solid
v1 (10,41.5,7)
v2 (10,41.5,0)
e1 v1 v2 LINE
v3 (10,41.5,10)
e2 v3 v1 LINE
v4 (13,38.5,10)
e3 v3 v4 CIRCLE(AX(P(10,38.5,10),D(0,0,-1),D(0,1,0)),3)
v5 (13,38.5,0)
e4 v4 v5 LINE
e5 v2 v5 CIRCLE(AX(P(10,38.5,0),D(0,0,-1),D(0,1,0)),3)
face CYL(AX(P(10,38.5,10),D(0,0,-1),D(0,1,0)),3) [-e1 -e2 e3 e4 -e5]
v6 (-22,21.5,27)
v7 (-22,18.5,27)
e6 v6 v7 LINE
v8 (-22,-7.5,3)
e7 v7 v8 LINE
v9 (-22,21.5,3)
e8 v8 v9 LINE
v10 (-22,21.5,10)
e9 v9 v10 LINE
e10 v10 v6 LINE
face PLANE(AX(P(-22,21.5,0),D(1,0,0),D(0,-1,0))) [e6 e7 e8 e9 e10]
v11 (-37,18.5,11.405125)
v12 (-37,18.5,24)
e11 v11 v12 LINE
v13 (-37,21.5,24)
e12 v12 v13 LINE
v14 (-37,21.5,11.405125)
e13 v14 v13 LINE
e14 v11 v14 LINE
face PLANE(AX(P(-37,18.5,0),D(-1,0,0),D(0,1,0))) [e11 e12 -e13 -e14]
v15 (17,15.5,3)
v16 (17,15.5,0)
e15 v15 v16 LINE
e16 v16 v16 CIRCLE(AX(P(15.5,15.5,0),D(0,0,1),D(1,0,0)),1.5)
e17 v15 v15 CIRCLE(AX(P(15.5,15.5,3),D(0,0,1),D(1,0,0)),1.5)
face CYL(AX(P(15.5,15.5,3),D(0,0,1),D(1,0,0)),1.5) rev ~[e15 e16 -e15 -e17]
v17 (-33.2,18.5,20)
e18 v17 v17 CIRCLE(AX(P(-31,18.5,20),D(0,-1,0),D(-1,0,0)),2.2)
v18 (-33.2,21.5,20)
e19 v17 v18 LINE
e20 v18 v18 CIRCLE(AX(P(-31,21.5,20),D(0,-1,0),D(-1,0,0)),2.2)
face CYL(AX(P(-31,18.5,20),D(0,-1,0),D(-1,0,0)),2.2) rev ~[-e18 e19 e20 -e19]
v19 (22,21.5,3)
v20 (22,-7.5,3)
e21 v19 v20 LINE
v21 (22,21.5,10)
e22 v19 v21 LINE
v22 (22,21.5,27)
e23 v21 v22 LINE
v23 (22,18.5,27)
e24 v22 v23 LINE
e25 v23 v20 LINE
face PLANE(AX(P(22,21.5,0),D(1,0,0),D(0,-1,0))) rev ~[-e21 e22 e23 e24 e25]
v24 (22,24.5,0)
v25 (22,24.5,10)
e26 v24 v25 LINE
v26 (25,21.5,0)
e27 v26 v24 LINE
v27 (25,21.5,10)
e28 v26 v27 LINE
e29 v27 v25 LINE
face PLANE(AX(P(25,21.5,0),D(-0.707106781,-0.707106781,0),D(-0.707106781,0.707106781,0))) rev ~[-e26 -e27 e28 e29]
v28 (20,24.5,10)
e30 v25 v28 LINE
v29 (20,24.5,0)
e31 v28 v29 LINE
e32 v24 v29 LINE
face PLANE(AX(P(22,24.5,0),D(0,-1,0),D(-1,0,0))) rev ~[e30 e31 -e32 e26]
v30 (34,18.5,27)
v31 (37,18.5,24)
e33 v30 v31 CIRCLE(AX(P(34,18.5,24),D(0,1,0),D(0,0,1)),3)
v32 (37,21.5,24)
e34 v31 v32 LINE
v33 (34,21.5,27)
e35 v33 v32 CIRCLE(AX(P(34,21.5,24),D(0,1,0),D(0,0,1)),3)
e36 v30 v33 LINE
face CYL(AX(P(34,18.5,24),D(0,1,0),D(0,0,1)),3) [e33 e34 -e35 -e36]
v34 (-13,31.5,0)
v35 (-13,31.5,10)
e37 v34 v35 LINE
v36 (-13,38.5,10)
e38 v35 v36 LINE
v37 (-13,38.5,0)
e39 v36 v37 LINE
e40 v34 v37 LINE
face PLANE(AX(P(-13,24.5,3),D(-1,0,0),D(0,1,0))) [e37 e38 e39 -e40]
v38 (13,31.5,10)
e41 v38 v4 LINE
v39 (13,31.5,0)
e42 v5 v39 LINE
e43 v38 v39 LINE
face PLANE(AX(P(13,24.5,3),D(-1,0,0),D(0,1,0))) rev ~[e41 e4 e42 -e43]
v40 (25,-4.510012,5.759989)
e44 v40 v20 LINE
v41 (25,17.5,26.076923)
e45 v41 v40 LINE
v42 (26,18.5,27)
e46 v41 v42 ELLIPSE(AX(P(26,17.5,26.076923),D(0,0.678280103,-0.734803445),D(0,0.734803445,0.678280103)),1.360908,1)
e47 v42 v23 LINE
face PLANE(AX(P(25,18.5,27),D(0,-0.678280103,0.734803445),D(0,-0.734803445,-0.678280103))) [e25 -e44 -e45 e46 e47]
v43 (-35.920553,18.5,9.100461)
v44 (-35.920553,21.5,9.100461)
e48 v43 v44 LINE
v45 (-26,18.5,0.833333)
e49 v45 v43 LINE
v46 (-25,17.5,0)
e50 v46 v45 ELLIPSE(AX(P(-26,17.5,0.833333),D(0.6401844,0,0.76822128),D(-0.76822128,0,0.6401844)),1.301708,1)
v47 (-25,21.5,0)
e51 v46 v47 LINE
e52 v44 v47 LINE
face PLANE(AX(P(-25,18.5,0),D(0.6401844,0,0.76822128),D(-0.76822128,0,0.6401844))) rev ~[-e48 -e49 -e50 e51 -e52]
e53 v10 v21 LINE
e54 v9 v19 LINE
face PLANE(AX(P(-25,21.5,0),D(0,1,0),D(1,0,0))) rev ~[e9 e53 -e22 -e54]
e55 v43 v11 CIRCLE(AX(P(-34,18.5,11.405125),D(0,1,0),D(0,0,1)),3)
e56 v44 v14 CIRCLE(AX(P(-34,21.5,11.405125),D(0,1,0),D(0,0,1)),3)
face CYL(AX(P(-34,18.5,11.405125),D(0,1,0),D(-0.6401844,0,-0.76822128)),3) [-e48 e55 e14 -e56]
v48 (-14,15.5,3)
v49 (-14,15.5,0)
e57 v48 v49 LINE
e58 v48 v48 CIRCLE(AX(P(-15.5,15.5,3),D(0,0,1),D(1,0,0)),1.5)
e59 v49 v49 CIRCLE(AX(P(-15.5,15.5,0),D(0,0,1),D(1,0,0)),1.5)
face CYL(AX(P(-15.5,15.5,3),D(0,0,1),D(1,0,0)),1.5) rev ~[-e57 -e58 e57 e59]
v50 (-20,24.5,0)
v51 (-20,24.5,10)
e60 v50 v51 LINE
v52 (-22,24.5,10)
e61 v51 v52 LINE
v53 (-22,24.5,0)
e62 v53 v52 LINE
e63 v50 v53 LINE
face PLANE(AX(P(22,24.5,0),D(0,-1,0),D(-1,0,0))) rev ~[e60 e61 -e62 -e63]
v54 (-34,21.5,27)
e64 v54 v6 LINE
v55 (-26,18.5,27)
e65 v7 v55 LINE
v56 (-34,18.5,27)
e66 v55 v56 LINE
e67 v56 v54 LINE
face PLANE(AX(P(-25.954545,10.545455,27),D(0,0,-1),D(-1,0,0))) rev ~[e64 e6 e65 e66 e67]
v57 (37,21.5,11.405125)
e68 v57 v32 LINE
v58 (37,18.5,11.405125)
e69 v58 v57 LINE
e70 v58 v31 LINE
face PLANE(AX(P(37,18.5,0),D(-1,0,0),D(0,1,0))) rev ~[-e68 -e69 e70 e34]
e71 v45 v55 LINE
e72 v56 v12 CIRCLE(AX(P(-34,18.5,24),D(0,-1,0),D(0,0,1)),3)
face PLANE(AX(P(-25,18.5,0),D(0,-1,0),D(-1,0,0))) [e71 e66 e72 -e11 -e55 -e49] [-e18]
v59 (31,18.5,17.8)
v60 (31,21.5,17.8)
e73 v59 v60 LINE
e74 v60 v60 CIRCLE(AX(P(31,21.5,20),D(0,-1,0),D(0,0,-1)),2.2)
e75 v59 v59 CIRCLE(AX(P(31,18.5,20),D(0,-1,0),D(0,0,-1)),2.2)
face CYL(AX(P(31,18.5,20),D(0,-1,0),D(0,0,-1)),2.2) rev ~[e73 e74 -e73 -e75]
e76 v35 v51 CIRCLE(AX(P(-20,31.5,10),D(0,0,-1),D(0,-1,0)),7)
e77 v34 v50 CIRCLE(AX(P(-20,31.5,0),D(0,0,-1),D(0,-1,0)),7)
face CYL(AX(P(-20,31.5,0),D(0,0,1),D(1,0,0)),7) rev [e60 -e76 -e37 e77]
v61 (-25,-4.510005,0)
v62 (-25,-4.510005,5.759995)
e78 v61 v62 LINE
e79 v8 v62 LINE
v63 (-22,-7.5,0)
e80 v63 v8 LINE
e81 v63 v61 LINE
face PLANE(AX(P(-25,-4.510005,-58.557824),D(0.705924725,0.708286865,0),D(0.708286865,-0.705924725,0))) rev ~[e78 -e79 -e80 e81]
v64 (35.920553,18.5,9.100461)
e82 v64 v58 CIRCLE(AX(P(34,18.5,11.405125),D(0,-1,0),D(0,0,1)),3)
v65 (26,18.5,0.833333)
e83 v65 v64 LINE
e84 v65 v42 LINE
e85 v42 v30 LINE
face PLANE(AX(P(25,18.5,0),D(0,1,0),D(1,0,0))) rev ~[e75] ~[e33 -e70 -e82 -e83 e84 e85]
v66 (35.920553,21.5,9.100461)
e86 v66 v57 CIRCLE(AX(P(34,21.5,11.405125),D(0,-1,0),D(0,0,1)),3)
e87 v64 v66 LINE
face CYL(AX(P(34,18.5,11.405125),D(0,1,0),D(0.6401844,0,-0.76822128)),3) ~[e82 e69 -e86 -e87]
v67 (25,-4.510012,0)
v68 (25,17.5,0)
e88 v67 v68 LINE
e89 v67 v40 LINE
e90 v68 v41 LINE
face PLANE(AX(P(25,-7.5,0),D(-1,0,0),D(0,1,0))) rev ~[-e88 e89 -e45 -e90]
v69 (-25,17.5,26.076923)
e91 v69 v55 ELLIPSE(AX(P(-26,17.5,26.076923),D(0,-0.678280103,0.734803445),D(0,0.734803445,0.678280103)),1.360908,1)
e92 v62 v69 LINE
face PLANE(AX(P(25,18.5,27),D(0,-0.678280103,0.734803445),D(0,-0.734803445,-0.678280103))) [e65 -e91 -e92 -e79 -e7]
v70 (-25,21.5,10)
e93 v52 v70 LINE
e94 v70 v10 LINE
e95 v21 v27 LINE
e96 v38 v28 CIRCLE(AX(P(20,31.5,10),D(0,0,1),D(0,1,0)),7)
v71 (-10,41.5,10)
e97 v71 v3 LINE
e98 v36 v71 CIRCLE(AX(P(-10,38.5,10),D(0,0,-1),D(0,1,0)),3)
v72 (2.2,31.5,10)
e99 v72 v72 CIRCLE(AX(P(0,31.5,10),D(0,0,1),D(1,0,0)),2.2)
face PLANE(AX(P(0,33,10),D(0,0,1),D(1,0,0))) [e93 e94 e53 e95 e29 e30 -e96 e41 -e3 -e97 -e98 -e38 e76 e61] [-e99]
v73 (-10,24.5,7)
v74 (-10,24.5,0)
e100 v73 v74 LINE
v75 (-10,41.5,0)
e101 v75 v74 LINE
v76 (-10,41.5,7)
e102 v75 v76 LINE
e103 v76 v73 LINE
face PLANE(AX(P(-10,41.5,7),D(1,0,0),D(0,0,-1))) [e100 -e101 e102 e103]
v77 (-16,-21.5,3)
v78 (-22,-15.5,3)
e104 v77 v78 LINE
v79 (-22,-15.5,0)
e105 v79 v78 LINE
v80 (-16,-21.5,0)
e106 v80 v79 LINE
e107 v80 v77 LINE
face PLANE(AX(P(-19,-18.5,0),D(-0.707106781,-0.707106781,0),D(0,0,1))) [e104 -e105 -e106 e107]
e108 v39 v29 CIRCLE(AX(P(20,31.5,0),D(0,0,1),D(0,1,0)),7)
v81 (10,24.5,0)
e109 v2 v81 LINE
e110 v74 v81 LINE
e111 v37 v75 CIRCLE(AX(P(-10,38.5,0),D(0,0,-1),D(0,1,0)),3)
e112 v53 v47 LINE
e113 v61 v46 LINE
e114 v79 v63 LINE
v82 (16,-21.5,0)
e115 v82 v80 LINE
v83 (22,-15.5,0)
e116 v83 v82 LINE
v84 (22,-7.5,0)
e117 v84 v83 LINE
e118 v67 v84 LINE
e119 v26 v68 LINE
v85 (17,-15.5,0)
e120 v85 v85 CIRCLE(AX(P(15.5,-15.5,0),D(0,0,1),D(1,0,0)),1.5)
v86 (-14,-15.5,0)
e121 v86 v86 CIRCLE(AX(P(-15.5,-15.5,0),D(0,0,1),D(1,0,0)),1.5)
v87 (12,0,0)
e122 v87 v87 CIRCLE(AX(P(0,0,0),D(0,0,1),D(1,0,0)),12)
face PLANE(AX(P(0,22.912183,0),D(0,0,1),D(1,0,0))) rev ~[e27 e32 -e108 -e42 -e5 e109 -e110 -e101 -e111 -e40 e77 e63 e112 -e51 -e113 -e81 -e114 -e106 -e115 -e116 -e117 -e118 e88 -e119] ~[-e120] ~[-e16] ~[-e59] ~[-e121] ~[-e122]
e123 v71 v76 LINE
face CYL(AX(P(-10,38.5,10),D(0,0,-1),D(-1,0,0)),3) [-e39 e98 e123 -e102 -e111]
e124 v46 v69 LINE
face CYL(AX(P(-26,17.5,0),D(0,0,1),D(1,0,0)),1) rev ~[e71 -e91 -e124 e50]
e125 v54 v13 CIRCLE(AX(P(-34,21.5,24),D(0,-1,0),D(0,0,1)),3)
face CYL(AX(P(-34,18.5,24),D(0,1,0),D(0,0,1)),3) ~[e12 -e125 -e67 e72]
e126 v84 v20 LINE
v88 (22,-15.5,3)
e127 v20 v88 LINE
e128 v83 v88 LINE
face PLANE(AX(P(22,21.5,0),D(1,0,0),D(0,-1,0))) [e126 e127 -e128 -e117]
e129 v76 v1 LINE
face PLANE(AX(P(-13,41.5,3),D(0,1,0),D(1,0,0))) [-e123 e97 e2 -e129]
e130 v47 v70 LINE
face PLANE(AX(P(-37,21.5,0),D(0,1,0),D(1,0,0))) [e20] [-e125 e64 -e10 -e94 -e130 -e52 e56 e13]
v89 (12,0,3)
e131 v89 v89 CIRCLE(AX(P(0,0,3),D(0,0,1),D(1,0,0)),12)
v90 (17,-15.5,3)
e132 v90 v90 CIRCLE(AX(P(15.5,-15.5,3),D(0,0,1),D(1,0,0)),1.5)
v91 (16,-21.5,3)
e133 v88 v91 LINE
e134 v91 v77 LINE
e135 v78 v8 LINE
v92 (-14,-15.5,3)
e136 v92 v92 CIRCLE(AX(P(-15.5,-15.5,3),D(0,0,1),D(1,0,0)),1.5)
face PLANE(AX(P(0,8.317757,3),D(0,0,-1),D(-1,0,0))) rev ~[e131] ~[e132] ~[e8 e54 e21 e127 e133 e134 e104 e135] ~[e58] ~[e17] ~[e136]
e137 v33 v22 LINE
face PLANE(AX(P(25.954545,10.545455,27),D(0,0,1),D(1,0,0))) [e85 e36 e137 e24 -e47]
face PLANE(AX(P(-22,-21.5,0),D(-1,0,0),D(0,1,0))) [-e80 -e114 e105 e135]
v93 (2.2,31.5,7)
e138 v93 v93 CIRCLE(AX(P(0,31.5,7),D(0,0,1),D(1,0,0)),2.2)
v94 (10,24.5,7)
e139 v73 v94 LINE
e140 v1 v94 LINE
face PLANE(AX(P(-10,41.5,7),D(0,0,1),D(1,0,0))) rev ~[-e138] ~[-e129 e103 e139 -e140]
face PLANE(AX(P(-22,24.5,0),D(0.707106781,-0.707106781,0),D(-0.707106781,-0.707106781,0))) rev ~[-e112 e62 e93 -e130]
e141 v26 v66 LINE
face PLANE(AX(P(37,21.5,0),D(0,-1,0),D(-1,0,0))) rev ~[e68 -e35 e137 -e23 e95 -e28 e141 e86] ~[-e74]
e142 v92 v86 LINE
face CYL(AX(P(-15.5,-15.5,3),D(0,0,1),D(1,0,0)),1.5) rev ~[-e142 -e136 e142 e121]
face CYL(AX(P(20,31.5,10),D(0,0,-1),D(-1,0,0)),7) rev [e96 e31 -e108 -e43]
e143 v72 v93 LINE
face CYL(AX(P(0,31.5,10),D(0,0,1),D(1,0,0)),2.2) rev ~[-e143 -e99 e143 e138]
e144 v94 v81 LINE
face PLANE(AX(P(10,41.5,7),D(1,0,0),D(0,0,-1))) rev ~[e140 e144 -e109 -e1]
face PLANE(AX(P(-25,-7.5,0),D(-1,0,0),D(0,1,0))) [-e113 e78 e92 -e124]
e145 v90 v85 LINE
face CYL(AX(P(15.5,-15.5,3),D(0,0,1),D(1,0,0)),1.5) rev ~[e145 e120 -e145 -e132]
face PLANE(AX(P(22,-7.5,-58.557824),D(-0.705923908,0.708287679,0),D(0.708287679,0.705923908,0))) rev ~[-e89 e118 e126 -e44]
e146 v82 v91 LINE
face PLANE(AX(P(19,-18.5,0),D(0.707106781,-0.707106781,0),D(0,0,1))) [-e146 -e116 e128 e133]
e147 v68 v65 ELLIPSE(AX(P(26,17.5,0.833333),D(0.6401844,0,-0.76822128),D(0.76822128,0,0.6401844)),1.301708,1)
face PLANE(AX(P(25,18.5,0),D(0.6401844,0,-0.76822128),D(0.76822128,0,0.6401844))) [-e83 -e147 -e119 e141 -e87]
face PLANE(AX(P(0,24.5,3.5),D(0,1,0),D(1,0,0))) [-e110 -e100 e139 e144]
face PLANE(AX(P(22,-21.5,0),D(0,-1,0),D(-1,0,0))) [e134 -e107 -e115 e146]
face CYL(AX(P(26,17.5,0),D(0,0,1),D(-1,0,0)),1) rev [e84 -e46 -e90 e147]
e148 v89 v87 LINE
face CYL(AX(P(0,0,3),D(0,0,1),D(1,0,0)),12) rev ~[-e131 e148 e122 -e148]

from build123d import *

# Parameters (mm, degrees)
BOSS_EXTRUDE1_DEPTH     = 3
BOSS_EXTRUDE2_DEPTH     = 27
BOSS_EXTRUDE2_2_DEPTH   = 27
BOSS_EXTRUDE3_DEPTH     = 10
SKETCH4_W               = 26
SKETCH4_H               = 17
BOSS_EXTRUDE4_DEPTH     = 7
CUT_EXTRUDE1_DEPTH      = 80.342611502
SKETCH6_R               = 2.2
CUT_EXTRUDE2_DEPTH      = 61.811183182
SKETCH7_W               = 20
SKETCH7_H               = 7
CUT_EXTRUDE3_DEPTH      = 17
SKETCH8_R               = 12
SKETCH8_R_2             = 1.5
CUT_EXTRUDE4_DEPTH      = 61.557823607
SKETCH9_R               = 2.2
CUT_EXTRUDE5_DEPTH      = 59.139917441
FILLET1_R               = 7
FILLET2_R               = 3
CHAMFER1_SIZE           = 6
CUT_EXTRUDE6_DEPTH      = 61.557823607
CUT_EXTRUDE6_DEPTH_BACK = 61.557823607
FILLET3_R               = 1


with BuildPart() as part:
    # Sketch1 → Boss-Extrude1 (new body)
    with BuildSketch(Plane.XY):
        Polygon((-13, 21.5), (-13, 41.5), (13, 41.5), (13, 21.5), (22, 21.5), (22, -21.5), (-22, -21.5), (-22, 21.5), align=None)
    extrude(amount=BOSS_EXTRUDE1_DEPTH)



with BuildPart() as body_2:
    # Sketch2 → Boss-Extrude2 (new body)
    with BuildSketch(Plane(origin=(0, 0, 0), x_dir=(-1, 0, 0), z_dir=(0, 0, -1))):
        Polygon((37, 21.5), (22, 21.5), (22, -7.5), (25, -7.5), (25, 18.5), (37, 18.5), align=None)
    extrude(amount=-BOSS_EXTRUDE2_DEPTH)


with BuildPart() as body_3:
    # Sketch2 → Boss-Extrude2 2 (new body)
    with BuildSketch(Plane(origin=(0, 0, 0), x_dir=(-1, 0, 0), z_dir=(0, 0, -1))):
        Polygon((-37, 18.5), (-37, 21.5), (-22, 21.5), (-22, -7.5), (-25, -7.5), (-25, 18.5), align=None)
    extrude(amount=-BOSS_EXTRUDE2_2_DEPTH)


with BuildPart() as part_1:
    add(part.part)

    add(body_2.part)  # Boss-Extrude3 merges body 2

    add(body_3.part)  # Boss-Extrude3 merges body 3
    # Sketch3 → Boss-Extrude3 (add)
    with BuildSketch(Plane(origin=(0, 0, 0), x_dir=(-1, 0, 0), z_dir=(0, 0, -1))):
        Polygon((-25, 21.5), (-22, 24.5), (22, 24.5), (25, 21.5), align=None)
    extrude(amount=-BOSS_EXTRUDE3_DEPTH)

    # Sketch4 → Boss-Extrude4 (add)
    with BuildSketch(Plane.XY.offset(3)):
        with Locations((0, 33)):
            Rectangle(SKETCH4_W, SKETCH4_H)
    extrude(amount=BOSS_EXTRUDE4_DEPTH)

    # Sketch5 → Cut-Extrude1 (cut, through all)
    with BuildSketch(Plane(origin=(25, 0, 0), x_dir=(0, 0, -1), z_dir=(1, 0, 0))):
        Polygon((-27, 18.5), (-3, -7.5), (-27, -7.5), align=None)
    extrude(amount=-CUT_EXTRUDE1_DEPTH, mode=Mode.SUBTRACT)

    # Sketch6 → Cut-Extrude2 (cut, through all)
    with BuildSketch(Plane.XZ.offset(-18.5)):
        with Locations(Location((31, 20, 0), (0, 0, 270))):
            Circle(SKETCH6_R)
        with Locations(Location((-31, 20, 0), (0, 0, 180))):
            Circle(SKETCH6_R)
        Polygon((25, 0), (37, 10), (37, 0), align=None)
        Polygon((-37, 0), (-25, 0), (-37, 10), align=None)
    extrude(amount=-CUT_EXTRUDE2_DEPTH, mode=Mode.SUBTRACT)

    # Sketch7 → Cut-Extrude3 (cut)
    with BuildSketch(Plane(origin=(0, 41.5, 0), x_dir=(1, 0, 0), z_dir=(0, 1, 0))):
        with Locations((0, -3.5)):
            Rectangle(SKETCH7_W, SKETCH7_H)
    extrude(amount=-CUT_EXTRUDE3_DEPTH, mode=Mode.SUBTRACT)

    # Sketch8 → Cut-Extrude4 (cut, through all)
    with BuildSketch(Plane.XY.offset(3)):
        Circle(SKETCH8_R)
        with Locations((-15.5, 15.5)):
            Circle(SKETCH8_R_2)
        with Locations((15.5, 15.5)):
            Circle(SKETCH8_R_2)
        with Locations((15.5, -15.5)):
            Circle(SKETCH8_R_2)
        with Locations((-15.5, -15.5)):
            Circle(SKETCH8_R_2)
    extrude(amount=-CUT_EXTRUDE4_DEPTH, mode=Mode.SUBTRACT)

    # Sketch9 → Cut-Extrude5 (cut, through all)
    with BuildSketch(Plane.XY.offset(10)):
        with Locations((0, 31.5)):
            Circle(SKETCH9_R)
    extrude(amount=-CUT_EXTRUDE5_DEPTH, mode=Mode.SUBTRACT)

    # Fillet1
    fillet1_edges = [part_1.edges().sort_by_distance(p)[0] for p in [
        (13, 24.5, 5),
        (-13, 24.5, 5),
    ]]
    fillet(fillet1_edges, radius=FILLET1_R)

    # Fillet2
    fillet2_edges = [part_1.edges().sort_by_distance(p)[0] for p in [
        (13, 41.5, 5),
        (-13, 41.5, 5),
        (-37, 20, 10),
        (37, 20, 10),
        (-37, 20, 27),
        (37, 20, 27),
    ]]
    fillet(fillet2_edges, radius=FILLET2_R)

    # Chamfer1
    chamfer1_edges = [part_1.edges().sort_by_distance(p)[0] for p in [
        (22, -21.5, 1.5),
        (-22, -21.5, 1.5),
    ]]
    chamfer(chamfer1_edges, length=CHAMFER1_SIZE)

    # Sketch10 → Cut-Extrude6 (cut, two sides: drawn at the far end of the back side and taken through both)
    with BuildSketch(Plane.XY.offset(3).offset(-CUT_EXTRUDE6_DEPTH_BACK)):
        Polygon((22, -7.5), (25, -4.510011911), (25, -7.5), align=None)
        Polygon((-22, -7.5), (-25, -7.5), (-25, -4.510005014), align=None)
    extrude(amount=CUT_EXTRUDE6_DEPTH + CUT_EXTRUDE6_DEPTH_BACK, mode=Mode.SUBTRACT)

    # Fillet3
    fillet3_edges = [part_1.edges().sort_by_distance(p)[0] for p in [
        (-25, 18.5, 13.5),
        (25, 18.5, 13.5),
    ]]
    fillet(fillet3_edges, radius=FILLET3_R)


solid = part_1.part
